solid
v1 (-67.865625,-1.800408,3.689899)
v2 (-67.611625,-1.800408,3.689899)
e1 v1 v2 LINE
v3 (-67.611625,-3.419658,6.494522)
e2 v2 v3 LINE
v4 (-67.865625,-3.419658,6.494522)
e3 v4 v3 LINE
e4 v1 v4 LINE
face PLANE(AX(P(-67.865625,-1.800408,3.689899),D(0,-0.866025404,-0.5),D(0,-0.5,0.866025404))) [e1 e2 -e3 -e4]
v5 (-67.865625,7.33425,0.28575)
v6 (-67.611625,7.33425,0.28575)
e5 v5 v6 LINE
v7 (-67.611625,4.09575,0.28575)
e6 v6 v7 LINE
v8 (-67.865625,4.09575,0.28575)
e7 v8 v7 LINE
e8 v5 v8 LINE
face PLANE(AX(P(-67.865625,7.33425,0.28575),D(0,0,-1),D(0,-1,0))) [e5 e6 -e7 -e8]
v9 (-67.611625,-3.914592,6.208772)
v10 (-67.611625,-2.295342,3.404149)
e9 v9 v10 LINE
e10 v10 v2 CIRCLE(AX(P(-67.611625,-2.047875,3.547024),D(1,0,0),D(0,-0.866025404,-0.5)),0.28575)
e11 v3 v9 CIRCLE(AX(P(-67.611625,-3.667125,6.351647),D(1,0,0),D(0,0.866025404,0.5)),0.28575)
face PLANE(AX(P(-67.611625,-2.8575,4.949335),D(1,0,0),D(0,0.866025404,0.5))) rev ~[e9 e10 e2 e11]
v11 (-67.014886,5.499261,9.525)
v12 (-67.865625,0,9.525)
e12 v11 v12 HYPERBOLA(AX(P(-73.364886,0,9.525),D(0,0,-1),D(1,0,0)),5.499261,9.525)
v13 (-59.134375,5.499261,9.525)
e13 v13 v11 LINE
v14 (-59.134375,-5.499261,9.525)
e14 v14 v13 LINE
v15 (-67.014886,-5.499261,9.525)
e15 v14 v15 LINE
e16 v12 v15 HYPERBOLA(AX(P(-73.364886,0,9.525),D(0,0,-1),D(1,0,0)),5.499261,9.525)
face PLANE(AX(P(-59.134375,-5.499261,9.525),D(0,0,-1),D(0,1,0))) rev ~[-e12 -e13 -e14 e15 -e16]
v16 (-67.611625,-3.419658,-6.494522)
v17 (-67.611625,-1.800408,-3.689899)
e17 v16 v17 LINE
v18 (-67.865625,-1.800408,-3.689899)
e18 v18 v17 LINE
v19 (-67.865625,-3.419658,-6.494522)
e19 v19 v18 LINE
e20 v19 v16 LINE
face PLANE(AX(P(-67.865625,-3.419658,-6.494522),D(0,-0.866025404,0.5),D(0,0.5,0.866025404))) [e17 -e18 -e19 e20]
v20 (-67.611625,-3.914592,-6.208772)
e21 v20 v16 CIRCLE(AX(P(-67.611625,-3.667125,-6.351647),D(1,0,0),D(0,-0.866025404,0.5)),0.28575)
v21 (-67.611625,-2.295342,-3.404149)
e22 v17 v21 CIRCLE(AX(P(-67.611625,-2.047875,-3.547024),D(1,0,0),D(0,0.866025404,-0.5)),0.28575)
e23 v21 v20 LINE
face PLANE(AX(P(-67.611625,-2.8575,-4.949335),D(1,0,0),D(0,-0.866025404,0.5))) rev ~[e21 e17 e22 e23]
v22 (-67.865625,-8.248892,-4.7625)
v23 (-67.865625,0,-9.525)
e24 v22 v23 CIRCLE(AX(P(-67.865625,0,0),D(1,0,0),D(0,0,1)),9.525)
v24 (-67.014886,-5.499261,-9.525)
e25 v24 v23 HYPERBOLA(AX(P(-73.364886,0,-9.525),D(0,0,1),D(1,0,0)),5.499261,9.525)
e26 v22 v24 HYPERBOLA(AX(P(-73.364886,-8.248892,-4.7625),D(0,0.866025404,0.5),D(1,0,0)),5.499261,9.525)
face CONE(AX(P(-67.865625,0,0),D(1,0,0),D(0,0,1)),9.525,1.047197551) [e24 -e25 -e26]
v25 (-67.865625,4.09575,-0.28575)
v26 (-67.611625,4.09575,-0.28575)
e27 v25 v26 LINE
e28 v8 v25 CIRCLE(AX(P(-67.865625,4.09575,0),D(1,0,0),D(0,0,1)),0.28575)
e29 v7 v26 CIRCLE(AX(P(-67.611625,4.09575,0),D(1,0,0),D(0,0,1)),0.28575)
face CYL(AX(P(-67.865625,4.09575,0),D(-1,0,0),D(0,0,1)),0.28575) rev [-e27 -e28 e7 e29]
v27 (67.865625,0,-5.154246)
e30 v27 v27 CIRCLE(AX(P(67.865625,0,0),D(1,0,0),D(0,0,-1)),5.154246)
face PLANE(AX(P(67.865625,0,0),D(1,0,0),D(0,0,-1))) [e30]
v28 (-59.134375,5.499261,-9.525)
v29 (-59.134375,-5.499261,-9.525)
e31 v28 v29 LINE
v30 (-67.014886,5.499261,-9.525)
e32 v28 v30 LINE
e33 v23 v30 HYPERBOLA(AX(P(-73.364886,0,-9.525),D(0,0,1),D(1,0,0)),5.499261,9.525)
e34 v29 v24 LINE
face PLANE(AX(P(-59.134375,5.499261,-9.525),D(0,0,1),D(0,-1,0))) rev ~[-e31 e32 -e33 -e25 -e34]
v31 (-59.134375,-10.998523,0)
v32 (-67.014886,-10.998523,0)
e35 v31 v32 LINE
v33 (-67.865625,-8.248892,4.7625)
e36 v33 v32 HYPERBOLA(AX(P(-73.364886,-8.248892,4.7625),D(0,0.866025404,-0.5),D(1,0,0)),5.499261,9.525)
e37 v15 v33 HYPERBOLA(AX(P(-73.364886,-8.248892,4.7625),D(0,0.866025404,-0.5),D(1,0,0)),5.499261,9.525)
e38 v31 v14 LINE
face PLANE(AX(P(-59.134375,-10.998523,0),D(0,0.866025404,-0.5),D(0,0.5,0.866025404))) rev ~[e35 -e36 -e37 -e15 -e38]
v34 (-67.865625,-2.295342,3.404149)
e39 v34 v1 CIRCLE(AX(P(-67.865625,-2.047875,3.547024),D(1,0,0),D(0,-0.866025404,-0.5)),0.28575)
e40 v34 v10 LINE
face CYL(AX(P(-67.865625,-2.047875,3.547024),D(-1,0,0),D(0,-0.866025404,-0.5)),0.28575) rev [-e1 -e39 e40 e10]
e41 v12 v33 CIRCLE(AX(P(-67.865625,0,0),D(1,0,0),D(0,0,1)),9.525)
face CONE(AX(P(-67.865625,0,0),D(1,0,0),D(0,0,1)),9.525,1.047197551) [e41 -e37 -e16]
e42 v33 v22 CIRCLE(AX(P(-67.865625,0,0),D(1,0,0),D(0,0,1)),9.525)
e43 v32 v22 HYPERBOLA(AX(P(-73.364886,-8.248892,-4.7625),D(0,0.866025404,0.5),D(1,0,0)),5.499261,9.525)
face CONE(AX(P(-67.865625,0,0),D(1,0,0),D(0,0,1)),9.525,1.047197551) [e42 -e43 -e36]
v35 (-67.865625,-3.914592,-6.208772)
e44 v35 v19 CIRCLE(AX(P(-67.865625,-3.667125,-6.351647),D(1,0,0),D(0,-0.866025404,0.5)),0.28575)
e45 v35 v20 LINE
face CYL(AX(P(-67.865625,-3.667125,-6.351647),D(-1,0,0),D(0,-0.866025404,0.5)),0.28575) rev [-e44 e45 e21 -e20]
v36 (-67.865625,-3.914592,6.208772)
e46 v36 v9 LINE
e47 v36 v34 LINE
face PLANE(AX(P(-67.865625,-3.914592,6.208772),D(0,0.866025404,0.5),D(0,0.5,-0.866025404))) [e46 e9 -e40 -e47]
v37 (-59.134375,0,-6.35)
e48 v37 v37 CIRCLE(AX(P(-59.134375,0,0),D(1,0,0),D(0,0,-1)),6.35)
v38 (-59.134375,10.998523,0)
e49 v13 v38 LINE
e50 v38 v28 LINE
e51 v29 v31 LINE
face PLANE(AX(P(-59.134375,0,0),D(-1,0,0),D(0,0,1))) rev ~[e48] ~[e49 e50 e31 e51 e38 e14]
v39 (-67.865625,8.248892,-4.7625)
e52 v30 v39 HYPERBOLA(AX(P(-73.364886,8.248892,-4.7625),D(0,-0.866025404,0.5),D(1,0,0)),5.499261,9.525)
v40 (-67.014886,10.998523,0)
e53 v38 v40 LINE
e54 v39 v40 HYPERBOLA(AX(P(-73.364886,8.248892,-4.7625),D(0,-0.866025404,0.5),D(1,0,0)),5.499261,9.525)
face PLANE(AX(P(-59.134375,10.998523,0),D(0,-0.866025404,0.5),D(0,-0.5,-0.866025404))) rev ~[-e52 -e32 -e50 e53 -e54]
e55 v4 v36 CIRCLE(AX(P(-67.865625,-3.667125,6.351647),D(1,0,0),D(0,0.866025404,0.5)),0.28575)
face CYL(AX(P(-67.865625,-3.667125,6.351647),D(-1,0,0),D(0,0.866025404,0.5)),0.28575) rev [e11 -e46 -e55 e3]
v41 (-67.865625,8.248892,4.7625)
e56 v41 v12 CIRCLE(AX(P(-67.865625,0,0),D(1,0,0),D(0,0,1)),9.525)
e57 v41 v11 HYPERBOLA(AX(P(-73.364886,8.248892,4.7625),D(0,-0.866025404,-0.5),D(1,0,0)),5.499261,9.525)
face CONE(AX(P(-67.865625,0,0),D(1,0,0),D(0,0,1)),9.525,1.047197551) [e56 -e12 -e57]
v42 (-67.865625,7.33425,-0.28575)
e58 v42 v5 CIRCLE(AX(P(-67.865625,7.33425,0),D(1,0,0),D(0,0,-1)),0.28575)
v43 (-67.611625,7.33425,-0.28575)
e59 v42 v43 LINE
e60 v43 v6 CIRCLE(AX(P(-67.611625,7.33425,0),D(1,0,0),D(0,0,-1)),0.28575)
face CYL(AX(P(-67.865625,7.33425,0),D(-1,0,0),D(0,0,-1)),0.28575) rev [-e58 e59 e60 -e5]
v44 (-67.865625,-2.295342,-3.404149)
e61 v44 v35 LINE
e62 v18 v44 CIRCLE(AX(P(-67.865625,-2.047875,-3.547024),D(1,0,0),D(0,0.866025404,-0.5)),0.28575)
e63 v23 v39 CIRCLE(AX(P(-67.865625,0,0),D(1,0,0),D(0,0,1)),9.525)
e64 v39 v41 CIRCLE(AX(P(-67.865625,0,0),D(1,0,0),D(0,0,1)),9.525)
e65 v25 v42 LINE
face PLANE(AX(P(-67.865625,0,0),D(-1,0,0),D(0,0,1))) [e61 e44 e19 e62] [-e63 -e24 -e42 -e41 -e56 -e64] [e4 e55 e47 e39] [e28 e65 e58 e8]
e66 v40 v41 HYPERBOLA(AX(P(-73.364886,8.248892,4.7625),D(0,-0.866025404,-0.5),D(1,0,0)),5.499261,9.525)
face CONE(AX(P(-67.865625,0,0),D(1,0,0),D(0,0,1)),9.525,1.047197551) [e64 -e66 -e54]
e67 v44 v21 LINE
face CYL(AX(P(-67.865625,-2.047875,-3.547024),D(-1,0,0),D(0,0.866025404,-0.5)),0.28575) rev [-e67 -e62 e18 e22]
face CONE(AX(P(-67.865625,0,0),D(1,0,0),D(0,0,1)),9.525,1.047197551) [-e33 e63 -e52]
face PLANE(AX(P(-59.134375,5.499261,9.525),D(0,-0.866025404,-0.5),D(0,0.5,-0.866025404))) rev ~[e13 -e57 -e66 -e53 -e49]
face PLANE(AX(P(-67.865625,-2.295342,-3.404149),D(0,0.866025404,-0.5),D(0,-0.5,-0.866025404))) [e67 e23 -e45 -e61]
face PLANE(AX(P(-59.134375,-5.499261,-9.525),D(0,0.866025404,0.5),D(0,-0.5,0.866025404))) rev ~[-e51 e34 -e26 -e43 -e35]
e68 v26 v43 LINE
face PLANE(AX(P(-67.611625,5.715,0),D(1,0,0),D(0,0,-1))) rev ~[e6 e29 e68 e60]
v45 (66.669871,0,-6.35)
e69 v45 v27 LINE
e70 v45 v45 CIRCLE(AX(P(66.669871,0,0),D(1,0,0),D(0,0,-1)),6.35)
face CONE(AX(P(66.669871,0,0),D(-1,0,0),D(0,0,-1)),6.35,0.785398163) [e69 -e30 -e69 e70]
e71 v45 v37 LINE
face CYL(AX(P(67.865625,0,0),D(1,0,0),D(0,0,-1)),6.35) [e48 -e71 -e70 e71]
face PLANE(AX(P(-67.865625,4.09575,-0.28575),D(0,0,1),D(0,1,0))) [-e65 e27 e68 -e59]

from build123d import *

# Parameters (mm, degrees)
SKETCH5_R           = 6.35
BOSS_EXTRUDE3_DEPTH = 127
CHAMFER1_SIZE       = 1.195753846
BOSS_EXTRUDE4_DEPTH = 8.73125
SKETCH8_OUTSIDE_W   = 522.464
SKETCH8_OUTSIDE_H   = 525.412
SKETCH8_OUTSIDE_R   = 9.525
CUT_EXTRUDE3_DEPTH  = 136.73125
CUT_EXTRUDE3_TAPER  = 60
CUT_EXTRUDE4_DEPTH  = 0.254
CIRPATTERN1_COUNT   = 3


with BuildPart() as part:
    # Sketch5 → Boss-Extrude3 (new body)
    with BuildSketch(Plane(origin=(67.865625, 0, 0), x_dir=(0, 0, -1), z_dir=(1, 0, 0))):
        Circle(SKETCH5_R)
    extrude(amount=-BOSS_EXTRUDE3_DEPTH)

    # Chamfer1
    chamfer1_edges = [part.edges().sort_by_distance(p)[0] for p in [
        (67.865625, 0, 6.35),
    ]]
    chamfer(chamfer1_edges, length=CHAMFER1_SIZE)

    # Sketch6 → Boss-Extrude4 (add)
    with BuildSketch(Plane.ZY.offset(59.134375)):
        Polygon((9.525, 5.499261314), (0, 10.998522628), (-9.525, 5.499261314), (-9.525, -5.499261314), (0, -10.998522628), (9.525, -5.499261314), align=None)
    extrude(amount=BOSS_EXTRUDE4_DEPTH)

    # Sketch8 outside → Cut-Extrude3 (cut, through all)
    with BuildSketch(Plane.ZY.offset(67.865625)):
        Rectangle(SKETCH8_OUTSIDE_W, SKETCH8_OUTSIDE_H)
        Circle(SKETCH8_OUTSIDE_R, mode=Mode.SUBTRACT)
    extrude(amount=-CUT_EXTRUDE3_DEPTH, taper=CUT_EXTRUDE3_TAPER, mode=Mode.SUBTRACT)

    # Sketch12 → Cut-Extrude4 (cut)
    with BuildSketch(Plane.ZY.offset(67.865625)):
        with BuildLine():
            Line((0.28575, 7.33425), (0.28575, 4.09575))
            ThreePointArc((0.28575, 4.09575), (0, 3.81), (-0.28575, 4.09575))
            Line((-0.28575, 4.09575), (-0.28575, 7.33425))
            ThreePointArc((-0.28575, 7.33425), (0, 7.62), (0.28575, 7.33425))
        make_face()
    cut_extrude4 = extrude(amount=-CUT_EXTRUDE4_DEPTH, mode=Mode.SUBTRACT)

    # CirPattern1: Cut-Extrude4 ×3 about axis
    cirpattern1_axis = Axis((0, 0, 0), (1, 0, 0))
    for i in range(1, CIRPATTERN1_COUNT):
        add(cut_extrude4.rotate(cirpattern1_axis, i * 360 / CIRPATTERN1_COUNT), mode=Mode.SUBTRACT)


solid = part.part
